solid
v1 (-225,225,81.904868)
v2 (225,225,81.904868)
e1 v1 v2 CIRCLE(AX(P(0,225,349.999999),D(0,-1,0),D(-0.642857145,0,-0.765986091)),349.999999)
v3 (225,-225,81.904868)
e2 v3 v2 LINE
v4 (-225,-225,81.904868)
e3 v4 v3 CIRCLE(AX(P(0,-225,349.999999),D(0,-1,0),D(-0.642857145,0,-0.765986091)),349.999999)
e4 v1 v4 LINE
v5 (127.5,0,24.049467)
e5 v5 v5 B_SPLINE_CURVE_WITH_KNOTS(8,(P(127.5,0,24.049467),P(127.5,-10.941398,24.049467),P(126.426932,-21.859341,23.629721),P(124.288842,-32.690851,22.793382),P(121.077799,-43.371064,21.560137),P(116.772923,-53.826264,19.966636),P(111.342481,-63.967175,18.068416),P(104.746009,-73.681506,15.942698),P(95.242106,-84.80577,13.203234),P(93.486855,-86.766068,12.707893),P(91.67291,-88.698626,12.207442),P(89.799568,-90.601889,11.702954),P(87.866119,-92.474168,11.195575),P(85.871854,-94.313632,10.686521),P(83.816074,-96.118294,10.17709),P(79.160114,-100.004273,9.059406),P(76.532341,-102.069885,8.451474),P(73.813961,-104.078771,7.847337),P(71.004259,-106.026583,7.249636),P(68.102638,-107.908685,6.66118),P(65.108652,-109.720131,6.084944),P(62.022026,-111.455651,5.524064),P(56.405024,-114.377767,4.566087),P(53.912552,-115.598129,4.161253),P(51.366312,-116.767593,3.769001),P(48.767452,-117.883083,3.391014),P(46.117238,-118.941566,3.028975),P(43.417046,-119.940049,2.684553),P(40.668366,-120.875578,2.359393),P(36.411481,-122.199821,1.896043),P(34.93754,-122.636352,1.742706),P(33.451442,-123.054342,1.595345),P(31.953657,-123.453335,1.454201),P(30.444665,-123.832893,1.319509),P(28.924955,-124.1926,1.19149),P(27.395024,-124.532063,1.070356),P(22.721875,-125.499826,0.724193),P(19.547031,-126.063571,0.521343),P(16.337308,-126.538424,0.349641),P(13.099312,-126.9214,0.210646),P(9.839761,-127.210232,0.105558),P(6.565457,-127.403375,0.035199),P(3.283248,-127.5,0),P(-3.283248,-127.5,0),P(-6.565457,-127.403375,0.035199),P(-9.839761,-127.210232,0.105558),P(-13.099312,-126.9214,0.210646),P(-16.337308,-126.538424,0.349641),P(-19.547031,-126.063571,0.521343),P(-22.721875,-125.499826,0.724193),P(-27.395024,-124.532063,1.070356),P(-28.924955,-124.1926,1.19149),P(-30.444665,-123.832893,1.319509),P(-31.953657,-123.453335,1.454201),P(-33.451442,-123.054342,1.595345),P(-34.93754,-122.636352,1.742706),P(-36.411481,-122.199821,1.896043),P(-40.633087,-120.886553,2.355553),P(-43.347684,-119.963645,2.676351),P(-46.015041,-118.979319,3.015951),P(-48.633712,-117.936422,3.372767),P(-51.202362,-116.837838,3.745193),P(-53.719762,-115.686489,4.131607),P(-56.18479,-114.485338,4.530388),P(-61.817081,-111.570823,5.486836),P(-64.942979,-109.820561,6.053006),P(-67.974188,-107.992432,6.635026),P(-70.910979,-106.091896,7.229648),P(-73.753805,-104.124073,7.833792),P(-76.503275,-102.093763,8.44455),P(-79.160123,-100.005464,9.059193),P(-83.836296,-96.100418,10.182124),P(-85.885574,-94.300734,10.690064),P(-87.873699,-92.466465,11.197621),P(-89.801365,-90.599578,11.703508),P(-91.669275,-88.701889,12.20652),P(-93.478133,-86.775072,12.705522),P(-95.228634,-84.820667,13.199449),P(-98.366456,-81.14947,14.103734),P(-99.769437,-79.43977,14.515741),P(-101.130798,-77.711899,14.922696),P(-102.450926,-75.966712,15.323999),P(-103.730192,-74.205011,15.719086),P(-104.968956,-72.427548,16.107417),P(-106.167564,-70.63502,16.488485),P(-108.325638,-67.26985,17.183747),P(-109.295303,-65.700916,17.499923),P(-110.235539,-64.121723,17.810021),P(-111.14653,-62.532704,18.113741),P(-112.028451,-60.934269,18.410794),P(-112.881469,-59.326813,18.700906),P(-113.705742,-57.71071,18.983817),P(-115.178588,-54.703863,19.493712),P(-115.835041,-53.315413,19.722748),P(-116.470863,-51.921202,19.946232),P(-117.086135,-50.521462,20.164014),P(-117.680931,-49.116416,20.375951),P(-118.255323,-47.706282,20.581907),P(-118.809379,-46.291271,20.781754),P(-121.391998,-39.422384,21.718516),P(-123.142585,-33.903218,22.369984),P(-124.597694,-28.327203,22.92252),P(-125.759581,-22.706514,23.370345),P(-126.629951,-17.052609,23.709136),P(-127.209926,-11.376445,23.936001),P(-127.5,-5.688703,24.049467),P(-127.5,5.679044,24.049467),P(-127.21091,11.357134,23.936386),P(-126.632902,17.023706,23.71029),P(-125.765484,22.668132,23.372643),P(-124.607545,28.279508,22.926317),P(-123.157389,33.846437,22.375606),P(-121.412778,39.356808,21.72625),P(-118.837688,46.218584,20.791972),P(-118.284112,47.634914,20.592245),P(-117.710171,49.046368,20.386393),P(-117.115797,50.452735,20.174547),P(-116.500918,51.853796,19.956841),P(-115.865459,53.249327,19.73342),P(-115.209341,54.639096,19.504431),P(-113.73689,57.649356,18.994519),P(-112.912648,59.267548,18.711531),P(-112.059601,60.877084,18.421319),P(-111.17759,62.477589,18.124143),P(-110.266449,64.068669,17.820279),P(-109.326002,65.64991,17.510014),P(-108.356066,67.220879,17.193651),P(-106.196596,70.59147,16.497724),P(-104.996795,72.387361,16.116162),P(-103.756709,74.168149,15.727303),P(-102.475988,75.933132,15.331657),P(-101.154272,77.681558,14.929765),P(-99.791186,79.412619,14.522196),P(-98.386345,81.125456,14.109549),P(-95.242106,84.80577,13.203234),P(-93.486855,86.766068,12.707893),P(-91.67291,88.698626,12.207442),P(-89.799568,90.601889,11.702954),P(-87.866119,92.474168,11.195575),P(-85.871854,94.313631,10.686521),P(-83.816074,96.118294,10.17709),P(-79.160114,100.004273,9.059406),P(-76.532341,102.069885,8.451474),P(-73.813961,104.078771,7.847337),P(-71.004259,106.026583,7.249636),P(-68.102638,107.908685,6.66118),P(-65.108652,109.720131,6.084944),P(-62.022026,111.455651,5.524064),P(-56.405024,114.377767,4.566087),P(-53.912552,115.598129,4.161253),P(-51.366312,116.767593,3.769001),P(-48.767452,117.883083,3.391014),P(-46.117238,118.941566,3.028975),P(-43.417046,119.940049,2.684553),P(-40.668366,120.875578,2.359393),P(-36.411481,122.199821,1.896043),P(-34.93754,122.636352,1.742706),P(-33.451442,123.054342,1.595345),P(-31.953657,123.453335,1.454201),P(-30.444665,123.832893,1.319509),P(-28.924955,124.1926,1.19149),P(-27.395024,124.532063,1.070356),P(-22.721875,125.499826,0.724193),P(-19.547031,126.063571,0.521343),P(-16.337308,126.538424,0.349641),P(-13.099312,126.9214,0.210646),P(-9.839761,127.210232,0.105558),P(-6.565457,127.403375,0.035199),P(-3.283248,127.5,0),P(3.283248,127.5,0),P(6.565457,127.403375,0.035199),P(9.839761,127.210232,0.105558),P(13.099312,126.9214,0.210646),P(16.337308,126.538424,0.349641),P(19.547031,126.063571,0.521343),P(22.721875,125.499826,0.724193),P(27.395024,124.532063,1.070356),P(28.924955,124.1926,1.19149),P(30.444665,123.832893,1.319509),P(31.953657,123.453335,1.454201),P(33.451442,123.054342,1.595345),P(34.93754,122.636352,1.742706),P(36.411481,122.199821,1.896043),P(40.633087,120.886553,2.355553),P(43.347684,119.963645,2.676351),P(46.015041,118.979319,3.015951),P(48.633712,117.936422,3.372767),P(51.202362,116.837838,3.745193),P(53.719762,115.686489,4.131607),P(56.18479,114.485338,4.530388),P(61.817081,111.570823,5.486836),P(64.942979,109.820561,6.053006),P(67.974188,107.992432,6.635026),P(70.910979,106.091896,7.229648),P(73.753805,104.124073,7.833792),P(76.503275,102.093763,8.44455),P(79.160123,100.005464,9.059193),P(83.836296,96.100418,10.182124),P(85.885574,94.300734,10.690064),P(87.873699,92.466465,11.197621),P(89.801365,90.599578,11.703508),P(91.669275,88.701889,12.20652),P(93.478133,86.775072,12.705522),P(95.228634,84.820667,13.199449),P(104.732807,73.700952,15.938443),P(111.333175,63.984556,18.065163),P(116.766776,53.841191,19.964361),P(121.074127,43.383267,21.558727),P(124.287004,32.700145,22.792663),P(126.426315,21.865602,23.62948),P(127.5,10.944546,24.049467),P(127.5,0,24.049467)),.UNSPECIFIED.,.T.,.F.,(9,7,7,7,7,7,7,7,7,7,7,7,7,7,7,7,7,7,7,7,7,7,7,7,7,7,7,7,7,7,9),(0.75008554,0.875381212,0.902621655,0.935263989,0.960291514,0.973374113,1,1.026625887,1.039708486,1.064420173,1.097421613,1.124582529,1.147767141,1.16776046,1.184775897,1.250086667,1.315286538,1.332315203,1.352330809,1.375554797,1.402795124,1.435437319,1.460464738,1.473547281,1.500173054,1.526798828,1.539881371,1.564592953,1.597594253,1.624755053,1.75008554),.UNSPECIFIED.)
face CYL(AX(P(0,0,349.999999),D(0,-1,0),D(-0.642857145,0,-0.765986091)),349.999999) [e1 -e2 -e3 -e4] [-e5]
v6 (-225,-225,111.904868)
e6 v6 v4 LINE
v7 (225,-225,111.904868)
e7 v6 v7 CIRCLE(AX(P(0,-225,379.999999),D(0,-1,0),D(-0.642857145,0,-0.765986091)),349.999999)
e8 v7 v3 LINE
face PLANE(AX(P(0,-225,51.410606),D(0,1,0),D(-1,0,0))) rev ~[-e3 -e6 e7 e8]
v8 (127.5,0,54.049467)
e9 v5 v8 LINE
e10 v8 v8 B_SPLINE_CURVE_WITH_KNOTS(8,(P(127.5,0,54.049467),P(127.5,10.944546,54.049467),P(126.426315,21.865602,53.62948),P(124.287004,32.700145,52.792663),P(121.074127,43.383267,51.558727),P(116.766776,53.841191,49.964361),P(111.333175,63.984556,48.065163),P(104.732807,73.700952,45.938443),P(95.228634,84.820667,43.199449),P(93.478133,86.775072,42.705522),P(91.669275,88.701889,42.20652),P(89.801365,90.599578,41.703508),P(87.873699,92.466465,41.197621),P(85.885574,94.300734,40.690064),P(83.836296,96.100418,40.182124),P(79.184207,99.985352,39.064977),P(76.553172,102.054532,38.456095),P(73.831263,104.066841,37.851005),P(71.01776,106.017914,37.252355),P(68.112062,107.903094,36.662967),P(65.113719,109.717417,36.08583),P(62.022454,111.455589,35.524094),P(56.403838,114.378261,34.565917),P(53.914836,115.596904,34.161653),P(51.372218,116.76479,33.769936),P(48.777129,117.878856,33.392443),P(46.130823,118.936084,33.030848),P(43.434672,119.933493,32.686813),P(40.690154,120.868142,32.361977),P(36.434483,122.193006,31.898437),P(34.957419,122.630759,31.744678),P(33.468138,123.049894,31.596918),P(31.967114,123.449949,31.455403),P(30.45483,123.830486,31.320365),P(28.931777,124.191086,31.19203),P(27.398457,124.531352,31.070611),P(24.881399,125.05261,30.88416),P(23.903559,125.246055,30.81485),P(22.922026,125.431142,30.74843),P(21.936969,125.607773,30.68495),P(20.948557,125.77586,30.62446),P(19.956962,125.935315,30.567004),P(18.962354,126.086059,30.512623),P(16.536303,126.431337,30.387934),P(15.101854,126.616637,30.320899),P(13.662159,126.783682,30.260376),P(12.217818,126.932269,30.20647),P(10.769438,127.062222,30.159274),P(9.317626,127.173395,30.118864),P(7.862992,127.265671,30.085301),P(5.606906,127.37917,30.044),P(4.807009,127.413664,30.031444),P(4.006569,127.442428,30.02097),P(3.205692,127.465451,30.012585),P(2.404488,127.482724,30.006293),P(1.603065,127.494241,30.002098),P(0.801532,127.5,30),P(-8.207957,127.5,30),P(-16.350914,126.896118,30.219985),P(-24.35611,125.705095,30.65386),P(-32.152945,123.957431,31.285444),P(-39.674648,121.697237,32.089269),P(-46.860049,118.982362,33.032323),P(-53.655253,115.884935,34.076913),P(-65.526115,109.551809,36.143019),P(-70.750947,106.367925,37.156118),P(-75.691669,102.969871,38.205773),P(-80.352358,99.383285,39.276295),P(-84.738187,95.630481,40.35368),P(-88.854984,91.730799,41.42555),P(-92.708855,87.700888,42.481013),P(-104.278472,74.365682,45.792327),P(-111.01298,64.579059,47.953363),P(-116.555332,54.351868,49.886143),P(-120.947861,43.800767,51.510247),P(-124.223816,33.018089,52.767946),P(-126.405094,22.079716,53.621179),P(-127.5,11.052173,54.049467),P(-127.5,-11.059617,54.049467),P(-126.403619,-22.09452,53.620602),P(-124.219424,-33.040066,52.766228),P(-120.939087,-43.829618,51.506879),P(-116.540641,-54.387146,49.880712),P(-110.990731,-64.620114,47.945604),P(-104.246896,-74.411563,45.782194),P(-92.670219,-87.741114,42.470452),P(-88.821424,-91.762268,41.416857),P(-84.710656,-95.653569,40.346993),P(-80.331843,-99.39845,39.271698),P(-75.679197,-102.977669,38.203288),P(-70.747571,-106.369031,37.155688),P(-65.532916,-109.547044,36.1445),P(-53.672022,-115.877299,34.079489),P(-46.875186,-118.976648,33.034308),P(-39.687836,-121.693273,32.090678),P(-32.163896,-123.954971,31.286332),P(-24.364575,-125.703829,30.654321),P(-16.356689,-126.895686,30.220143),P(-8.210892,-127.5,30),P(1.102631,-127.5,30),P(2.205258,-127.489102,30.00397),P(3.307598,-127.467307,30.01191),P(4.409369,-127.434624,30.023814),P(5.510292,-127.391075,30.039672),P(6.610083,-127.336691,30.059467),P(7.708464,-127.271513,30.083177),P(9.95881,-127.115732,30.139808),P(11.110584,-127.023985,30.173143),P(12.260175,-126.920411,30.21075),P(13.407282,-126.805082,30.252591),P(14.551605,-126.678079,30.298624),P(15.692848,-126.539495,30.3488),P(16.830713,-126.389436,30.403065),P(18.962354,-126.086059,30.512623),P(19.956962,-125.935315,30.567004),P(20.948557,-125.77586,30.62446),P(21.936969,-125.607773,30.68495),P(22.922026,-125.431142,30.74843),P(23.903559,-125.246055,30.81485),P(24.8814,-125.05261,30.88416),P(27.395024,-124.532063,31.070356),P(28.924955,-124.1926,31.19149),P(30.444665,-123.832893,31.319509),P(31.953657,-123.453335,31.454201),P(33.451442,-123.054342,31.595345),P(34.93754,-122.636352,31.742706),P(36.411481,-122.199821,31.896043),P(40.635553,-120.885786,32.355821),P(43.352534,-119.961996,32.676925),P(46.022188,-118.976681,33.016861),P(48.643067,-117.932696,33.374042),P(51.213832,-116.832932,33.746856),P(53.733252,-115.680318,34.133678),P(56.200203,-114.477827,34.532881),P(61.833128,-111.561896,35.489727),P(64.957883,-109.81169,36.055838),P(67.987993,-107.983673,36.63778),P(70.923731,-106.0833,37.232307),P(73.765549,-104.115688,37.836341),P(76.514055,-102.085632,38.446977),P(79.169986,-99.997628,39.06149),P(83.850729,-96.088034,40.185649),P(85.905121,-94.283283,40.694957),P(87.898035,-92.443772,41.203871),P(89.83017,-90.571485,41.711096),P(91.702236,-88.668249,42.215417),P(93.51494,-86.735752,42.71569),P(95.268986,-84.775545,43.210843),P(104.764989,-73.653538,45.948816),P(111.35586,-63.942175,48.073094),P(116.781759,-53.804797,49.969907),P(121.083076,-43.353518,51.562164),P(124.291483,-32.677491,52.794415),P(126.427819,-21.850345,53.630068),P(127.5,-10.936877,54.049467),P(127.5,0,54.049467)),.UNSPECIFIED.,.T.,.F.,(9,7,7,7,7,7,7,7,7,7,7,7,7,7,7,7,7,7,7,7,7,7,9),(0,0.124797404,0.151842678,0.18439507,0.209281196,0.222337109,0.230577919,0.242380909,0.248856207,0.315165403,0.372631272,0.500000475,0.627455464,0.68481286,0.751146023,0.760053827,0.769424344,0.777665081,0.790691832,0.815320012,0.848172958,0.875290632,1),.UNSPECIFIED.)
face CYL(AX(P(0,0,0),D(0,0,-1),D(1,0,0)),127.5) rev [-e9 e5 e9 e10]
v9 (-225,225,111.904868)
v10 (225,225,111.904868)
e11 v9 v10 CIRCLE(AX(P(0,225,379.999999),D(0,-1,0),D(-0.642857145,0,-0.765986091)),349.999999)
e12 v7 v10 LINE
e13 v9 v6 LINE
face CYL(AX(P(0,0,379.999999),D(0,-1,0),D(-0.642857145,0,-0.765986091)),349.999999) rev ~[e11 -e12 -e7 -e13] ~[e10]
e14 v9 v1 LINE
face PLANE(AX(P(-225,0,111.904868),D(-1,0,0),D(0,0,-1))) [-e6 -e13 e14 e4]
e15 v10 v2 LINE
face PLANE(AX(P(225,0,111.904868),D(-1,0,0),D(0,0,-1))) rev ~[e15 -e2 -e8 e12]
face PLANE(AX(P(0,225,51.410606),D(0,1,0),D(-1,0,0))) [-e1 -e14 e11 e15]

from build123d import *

# Parameters (mm, degrees)
PAD_DEPTH    = 225
SKETCH001_R  = 127.5
POCKET_DEPTH = 111.905868


with BuildPart() as part:
    # Sketch → Pad (new body, symmetric)
    with BuildSketch(Plane.XZ):
        with BuildLine():
            ThreePointArc((-225, 111.904868), (0, 30), (225, 111.904868))
            Line((225, 111.904868), (225, 81.904868))
            ThreePointArc((-225, 81.904868), (0, 0), (225, 81.904868))
            Line((-225, 111.904868), (-225, 81.904868))
        make_face()
    extrude(amount=PAD_DEPTH, both=True)

    # Sketch001 → Pocket (cut, through all)
    with BuildSketch(Plane.XY):
        Circle(SKETCH001_R)
    extrude(amount=POCKET_DEPTH, mode=Mode.SUBTRACT)


solid = part.part
